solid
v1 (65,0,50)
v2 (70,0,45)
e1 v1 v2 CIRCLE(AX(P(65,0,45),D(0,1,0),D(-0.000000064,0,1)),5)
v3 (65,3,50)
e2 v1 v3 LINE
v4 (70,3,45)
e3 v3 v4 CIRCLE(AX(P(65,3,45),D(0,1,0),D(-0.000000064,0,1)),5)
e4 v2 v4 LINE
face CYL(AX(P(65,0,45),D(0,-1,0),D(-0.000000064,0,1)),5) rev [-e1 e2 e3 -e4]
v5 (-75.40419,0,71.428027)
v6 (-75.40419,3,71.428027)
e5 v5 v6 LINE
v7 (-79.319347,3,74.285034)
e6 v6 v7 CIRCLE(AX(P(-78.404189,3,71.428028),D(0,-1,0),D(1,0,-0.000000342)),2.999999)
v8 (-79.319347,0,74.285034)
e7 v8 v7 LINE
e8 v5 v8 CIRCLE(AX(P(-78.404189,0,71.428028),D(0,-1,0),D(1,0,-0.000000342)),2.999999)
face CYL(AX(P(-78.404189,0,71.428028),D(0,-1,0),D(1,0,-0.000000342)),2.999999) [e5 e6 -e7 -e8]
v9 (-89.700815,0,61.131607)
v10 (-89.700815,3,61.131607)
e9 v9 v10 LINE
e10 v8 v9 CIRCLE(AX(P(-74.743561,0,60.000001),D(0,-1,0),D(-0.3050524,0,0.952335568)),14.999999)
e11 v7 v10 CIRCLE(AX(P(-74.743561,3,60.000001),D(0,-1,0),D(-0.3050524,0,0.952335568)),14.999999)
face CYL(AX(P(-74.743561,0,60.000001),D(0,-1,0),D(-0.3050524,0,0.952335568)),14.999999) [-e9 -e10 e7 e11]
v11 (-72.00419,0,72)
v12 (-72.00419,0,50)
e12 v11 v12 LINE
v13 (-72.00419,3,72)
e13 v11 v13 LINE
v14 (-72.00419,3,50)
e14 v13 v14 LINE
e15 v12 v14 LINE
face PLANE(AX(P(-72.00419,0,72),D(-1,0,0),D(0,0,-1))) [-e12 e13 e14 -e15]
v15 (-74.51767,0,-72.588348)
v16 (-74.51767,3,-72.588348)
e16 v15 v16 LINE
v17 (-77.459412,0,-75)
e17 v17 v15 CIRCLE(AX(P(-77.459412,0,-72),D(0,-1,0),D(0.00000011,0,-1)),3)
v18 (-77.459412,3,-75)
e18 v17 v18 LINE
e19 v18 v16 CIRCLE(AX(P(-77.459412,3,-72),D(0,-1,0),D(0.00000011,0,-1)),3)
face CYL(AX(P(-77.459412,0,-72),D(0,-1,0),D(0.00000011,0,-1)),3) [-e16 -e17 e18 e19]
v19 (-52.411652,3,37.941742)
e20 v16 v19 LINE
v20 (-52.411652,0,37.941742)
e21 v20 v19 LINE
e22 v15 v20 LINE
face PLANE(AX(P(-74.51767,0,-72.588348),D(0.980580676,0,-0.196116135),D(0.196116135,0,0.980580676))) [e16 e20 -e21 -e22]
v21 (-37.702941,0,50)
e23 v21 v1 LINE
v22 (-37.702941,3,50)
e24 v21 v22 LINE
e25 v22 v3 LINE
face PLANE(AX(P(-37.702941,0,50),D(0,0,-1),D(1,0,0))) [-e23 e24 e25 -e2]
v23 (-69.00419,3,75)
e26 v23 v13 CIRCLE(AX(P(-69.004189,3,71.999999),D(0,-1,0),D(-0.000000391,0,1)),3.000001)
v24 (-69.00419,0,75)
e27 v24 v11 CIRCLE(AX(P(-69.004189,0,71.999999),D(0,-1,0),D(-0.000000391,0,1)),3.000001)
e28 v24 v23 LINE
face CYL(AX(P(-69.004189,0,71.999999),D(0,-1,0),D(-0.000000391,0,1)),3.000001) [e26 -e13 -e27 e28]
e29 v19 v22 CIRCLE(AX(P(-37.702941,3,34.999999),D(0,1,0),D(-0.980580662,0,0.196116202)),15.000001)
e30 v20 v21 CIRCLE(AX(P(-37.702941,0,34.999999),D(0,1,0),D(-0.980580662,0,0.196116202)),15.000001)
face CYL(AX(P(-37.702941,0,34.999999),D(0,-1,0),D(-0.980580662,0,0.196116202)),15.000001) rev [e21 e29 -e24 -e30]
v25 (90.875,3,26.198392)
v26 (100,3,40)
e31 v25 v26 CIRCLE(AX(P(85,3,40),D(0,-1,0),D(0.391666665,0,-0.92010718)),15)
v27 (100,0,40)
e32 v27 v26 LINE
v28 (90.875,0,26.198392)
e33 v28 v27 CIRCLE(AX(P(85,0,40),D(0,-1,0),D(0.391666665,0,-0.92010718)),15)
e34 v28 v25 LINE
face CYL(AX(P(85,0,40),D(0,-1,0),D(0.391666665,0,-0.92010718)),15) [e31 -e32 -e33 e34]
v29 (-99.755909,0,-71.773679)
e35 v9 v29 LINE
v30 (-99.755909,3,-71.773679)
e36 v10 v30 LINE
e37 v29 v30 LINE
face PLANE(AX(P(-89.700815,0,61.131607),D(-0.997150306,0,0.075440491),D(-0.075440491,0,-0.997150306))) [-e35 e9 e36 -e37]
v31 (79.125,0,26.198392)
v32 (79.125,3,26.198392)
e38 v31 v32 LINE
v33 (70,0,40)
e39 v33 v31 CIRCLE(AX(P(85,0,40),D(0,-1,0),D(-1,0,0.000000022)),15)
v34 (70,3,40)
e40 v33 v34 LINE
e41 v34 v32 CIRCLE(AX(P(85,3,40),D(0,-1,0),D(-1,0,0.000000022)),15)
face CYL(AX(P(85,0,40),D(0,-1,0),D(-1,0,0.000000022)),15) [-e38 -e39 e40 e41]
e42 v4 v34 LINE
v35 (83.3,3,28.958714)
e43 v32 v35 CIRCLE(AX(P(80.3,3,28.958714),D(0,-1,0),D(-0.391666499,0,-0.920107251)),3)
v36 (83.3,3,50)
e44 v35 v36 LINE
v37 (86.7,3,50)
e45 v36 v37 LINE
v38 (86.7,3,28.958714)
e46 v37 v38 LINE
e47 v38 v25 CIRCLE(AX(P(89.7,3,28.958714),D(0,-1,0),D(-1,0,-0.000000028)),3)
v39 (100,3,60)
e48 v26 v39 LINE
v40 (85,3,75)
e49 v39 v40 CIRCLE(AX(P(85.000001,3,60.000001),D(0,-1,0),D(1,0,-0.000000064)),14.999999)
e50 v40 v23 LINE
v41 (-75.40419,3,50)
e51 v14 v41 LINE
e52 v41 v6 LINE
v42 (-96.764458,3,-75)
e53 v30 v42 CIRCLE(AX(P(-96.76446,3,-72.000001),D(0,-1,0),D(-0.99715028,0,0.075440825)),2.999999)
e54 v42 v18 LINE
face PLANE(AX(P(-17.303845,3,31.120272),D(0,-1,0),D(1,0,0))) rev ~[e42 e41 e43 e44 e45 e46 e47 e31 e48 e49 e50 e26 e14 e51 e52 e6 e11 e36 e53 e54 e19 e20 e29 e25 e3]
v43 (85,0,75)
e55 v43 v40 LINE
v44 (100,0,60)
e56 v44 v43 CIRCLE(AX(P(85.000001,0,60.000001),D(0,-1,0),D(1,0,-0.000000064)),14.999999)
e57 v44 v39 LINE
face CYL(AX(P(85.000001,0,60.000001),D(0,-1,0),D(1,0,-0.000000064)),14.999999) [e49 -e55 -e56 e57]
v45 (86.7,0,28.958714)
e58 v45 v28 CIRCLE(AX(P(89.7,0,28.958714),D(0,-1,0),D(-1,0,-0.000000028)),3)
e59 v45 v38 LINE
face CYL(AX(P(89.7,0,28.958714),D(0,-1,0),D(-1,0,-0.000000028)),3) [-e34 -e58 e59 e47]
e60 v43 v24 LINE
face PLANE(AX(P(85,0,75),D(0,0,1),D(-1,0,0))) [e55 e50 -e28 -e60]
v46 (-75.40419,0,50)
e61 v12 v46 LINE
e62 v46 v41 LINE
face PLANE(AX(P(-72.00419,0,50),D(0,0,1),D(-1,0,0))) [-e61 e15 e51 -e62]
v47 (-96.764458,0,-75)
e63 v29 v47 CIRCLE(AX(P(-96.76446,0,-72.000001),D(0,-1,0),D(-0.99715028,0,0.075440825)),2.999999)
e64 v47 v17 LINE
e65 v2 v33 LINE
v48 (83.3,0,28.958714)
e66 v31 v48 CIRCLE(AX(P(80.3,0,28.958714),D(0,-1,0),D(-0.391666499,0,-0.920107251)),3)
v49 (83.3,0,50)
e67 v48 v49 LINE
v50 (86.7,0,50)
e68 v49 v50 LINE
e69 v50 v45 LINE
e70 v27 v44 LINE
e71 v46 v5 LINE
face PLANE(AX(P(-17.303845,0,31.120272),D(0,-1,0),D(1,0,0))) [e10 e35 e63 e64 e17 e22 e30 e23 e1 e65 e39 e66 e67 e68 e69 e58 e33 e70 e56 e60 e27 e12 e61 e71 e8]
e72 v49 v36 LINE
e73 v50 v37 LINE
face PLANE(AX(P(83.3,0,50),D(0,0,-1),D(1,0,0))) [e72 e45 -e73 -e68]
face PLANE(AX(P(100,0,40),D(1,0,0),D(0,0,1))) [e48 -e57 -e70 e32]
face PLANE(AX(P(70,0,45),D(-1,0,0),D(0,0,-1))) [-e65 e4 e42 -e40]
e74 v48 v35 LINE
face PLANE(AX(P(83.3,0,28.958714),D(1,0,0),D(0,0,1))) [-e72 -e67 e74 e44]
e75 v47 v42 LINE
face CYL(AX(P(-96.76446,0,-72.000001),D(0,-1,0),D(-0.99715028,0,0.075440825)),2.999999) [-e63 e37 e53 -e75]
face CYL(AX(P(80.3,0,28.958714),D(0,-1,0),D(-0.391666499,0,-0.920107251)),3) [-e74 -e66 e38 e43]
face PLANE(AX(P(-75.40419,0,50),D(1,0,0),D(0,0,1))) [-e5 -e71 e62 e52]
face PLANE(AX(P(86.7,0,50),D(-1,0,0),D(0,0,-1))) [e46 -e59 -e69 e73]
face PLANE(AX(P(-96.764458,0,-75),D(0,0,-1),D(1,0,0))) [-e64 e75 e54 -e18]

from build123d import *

# Parameters (mm, degrees)
F1_DEPTH = 3


with BuildPart() as f1:
    # F0 (on Front) → F1 (new body)
    with BuildSketch(Plane.XZ):
        with BuildLine():
            ThreePointArc((-99.755909, -71.773679), (-98.964341, -74.039735), (-96.764458, -75))
            Line((-96.764458, -75), (-77.459412, -75))
            ThreePointArc((-77.459412, -75), (-75.557445, -74.320026), (-74.51767, -72.588348))
            Line((-74.51767, -72.588348), (-52.411652, 37.941742))
            ThreePointArc((-52.411652, 37.941742), (-47.212775, 46.600132), (-37.702941, 50))
            Line((-37.702941, 50), (65, 50))
            ThreePointArc((65, 50), (68.535534, 48.535534), (70, 45))
            Line((70, 45), (70, 40))
            ThreePointArc((70, 40), (72.487506, 31.727304), (79.125, 26.198392))
            ThreePointArc((79.125, 26.198392), (81.954539, 26.456215), (83.3, 28.958714))
            Line((83.3, 28.958714), (83.3, 50))
            Line((83.3, 50), (86.7, 50))
            Line((86.7, 50), (86.7, 28.958714))
            ThreePointArc((86.7, 28.958714), (88.045461, 26.456215), (90.875, 26.198392))
            ThreePointArc((90.875, 26.198392), (97.512494, 31.727304), (100, 40))
            Line((100, 40), (100, 50))
            Line((100, 50), (100, 60))
            ThreePointArc((100, 60), (95.606602, 70.606602), (85, 75))
            Line((85, 75), (-69.00419, 75))
            ThreePointArc((-69.00419, 75), (-71.12551, 74.12132), (-72.00419, 72))
            Line((-72.00419, 72), (-72.00419, 50))
            Line((-72.00419, 50), (-75.40419, 50))
            Line((-75.40419, 50), (-75.40419, 71.428027))
            ThreePointArc((-75.40419, 71.428027), (-76.635782, 73.8514), (-79.319347, 74.285034))
            ThreePointArc((-79.319347, 74.285034), (-86.518028, 69.293112), (-89.700815, 61.131607))
            Line((-89.700815, 61.131607), (-99.755909, -71.773679))
        make_face()
    extrude(amount=-F1_DEPTH)


solid = f1.part
